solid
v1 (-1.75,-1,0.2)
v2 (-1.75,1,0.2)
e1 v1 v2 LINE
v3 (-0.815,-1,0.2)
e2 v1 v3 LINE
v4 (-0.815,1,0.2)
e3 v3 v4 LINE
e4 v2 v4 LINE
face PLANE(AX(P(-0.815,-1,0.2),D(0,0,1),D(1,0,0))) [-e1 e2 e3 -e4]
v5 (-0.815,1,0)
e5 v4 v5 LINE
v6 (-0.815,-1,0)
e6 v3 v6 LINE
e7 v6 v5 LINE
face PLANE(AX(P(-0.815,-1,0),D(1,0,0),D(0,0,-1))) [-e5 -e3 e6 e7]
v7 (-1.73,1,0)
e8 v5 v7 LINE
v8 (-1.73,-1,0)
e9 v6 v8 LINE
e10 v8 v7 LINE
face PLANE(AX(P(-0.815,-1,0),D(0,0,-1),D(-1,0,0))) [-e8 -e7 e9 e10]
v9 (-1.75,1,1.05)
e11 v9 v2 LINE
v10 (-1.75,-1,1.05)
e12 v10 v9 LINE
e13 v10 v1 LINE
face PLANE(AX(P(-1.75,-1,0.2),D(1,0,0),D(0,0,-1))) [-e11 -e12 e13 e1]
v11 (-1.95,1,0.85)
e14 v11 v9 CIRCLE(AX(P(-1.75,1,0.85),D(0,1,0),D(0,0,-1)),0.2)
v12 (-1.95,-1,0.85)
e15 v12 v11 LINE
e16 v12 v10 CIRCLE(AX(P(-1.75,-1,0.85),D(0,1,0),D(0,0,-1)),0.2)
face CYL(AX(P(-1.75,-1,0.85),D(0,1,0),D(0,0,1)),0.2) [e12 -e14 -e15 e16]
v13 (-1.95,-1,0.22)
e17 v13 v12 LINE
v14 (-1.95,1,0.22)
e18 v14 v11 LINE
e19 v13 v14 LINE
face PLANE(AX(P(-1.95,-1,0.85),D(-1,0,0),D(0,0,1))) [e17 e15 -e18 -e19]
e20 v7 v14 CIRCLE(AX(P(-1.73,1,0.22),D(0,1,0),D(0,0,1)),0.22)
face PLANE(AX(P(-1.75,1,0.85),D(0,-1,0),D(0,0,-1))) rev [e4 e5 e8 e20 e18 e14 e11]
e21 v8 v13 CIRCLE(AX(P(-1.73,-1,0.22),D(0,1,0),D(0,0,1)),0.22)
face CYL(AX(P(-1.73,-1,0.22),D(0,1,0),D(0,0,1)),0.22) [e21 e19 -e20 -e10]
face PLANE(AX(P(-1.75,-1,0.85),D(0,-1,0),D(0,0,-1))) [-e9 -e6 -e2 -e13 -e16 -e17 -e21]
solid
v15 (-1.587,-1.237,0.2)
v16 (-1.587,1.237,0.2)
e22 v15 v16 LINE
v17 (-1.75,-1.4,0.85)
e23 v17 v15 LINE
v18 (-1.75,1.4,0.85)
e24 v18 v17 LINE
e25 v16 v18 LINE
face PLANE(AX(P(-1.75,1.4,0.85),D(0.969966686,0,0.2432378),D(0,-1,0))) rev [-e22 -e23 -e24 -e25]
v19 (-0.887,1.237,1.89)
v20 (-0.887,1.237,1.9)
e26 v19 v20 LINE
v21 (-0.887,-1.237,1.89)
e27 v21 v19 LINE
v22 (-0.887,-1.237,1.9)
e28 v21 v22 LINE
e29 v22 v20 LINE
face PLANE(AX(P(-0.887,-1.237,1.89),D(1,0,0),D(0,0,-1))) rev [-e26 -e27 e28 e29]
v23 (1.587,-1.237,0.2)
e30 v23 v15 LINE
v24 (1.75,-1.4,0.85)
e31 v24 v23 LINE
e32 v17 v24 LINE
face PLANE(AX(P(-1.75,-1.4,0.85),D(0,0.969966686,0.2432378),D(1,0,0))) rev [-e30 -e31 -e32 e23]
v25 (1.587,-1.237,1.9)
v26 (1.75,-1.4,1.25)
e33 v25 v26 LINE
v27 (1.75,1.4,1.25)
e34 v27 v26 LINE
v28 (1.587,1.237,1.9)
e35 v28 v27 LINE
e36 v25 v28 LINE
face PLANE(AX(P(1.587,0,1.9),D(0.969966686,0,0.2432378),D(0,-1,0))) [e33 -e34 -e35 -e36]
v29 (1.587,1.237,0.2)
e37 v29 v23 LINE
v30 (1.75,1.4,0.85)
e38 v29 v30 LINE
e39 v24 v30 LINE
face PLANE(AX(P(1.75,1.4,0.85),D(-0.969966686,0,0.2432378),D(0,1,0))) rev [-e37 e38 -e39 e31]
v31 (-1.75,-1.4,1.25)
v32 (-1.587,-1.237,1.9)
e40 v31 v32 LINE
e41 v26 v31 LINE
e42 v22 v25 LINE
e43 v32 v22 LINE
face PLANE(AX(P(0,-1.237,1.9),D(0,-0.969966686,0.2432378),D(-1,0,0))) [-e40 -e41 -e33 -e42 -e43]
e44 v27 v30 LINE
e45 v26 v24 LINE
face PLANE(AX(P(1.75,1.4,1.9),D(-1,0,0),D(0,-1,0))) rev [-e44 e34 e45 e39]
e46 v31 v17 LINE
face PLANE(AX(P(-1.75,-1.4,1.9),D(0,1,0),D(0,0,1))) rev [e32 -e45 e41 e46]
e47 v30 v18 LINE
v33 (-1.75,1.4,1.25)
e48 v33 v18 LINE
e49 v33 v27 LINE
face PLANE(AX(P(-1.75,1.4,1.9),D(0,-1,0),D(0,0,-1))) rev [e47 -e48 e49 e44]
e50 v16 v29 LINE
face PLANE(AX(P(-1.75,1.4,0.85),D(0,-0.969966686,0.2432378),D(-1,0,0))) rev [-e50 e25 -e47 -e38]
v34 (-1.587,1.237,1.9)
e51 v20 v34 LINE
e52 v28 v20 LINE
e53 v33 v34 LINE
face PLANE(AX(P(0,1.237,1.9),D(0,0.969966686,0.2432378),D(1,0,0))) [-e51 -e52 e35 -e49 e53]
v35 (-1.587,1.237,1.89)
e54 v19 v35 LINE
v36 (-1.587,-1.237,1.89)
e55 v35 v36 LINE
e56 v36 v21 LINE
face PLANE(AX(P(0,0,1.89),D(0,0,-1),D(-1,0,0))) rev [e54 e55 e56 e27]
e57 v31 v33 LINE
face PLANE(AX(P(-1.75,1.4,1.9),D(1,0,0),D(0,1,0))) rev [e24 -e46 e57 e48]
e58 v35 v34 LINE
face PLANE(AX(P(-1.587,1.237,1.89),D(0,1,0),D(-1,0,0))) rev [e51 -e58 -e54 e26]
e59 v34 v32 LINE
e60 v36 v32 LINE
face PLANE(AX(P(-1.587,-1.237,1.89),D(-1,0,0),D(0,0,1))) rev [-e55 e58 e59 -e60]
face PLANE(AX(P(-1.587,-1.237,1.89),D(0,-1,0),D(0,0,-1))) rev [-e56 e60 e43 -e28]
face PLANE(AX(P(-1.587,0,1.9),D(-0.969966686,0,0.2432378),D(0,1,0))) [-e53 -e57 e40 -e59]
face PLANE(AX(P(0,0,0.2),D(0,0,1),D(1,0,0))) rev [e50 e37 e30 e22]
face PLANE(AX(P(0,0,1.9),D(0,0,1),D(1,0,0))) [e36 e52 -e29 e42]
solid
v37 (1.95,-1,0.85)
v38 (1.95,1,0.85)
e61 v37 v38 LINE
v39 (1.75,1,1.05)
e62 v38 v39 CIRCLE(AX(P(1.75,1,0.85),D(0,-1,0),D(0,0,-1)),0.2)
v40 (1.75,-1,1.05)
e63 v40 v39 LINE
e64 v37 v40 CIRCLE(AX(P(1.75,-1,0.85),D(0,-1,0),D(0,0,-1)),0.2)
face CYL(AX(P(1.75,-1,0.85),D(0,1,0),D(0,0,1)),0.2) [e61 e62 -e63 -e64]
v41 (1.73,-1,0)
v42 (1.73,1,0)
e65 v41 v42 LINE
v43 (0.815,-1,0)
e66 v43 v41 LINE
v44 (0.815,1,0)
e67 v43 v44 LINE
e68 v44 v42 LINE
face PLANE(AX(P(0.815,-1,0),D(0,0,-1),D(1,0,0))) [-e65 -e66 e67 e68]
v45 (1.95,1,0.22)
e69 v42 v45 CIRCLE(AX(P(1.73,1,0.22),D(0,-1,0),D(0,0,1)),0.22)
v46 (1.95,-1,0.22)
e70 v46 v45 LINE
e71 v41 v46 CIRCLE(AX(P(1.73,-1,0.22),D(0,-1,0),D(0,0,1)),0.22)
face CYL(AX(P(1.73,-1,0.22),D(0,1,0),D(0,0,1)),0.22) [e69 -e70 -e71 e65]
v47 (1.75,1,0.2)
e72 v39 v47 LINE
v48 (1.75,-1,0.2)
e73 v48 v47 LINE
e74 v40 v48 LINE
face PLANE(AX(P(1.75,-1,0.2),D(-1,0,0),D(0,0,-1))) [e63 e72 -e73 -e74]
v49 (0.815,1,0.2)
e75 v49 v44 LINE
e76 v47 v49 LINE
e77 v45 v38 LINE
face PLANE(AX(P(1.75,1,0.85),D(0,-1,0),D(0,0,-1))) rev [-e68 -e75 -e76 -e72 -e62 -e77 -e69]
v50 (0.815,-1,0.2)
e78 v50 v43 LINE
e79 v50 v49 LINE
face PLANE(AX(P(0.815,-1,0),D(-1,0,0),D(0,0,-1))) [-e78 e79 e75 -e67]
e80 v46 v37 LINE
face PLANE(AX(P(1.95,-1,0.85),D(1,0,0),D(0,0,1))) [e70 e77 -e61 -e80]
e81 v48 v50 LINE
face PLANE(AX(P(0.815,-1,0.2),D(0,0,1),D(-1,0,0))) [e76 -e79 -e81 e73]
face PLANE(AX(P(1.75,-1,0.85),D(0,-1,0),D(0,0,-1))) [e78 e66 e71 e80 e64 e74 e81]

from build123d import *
from OCP.BRepFilletAPI import BRepFilletAPI_MakeChamfer

# Parameters (mm, degrees)
SKETCH_1_W           = 3.5
SKETCH_1_H           = 2.8
EXTRUDE_1_DEPTH      = 1.7
CHAMFER_1_SIZE       = 0.65
CHAMFER_1_SIZE2      = 0.163
CHAMFER_2_SIZE       = 0.163
CHAMFER_2_SIZE2      = 0.65
EXTRUDE_2_DEPTH      = 1
EXTRUDE_2_DEPTH_BACK = 1
SKETCH_3_W           = 0.7
SKETCH_3_H           = 2.474
CUT_EXTRUDE_1_DEPTH  = 0.01


with BuildPart() as part:
    # Эскиз1 → Бобышка-Вытянуть1 (new body)
    with BuildSketch(Plane.XY.offset(0.2)):
        Rectangle(SKETCH_1_W, SKETCH_1_H)
    extrude(amount=EXTRUDE_1_DEPTH)

    # Фаска1: one chamfer whose edges measure the first distance from different faces: ONE call of the kernel's chamfer builder (chamfer() names one face for all edges)
    chamfer_1_edges_1 = [part.edges().sort_by_distance(p)[0] for p in [
        (-1.75, 0, 1.9),
    ]]
    chamfer_1_side_1 = [part.faces().sort_by_distance(p)[0] for p in [
        (-1.75, 0, 1.05),
    ]]
    chamfer_1_edges_2 = [part.edges().sort_by_distance(p)[0] for p in [
        (0, -1.4, 1.9),
    ]]
    chamfer_1_side_2 = [part.faces().sort_by_distance(p)[0] for p in [
        (0, -1.4, 1.05),
    ]]
    chamfer_1_edges_3 = [part.edges().sort_by_distance(p)[0] for p in [
        (1.75, 0, 1.9),
    ]]
    chamfer_1_side_3 = [part.faces().sort_by_distance(p)[0] for p in [
        (1.75, 0, 1.05),
    ]]
    chamfer_1_edges_4 = [part.edges().sort_by_distance(p)[0] for p in [
        (0, 1.4, 1.9),
    ]]
    chamfer_1_side_4 = [part.faces().sort_by_distance(p)[0] for p in [
        (0, 1.4, 1.05),
    ]]
    chamfer_1 = BRepFilletAPI_MakeChamfer(part.part.solid().wrapped)
    for e in chamfer_1_edges_1:
        chamfer_1.Add(CHAMFER_1_SIZE, CHAMFER_1_SIZE2, e.wrapped, chamfer_1_side_1[0].wrapped)  # the first distance lies on this face
    for e in chamfer_1_edges_2:
        chamfer_1.Add(CHAMFER_1_SIZE, CHAMFER_1_SIZE2, e.wrapped, chamfer_1_side_2[0].wrapped)  # the first distance lies on this face
    for e in chamfer_1_edges_3:
        chamfer_1.Add(CHAMFER_1_SIZE, CHAMFER_1_SIZE2, e.wrapped, chamfer_1_side_3[0].wrapped)  # the first distance lies on this face
    for e in chamfer_1_edges_4:
        chamfer_1.Add(CHAMFER_1_SIZE, CHAMFER_1_SIZE2, e.wrapped, chamfer_1_side_4[0].wrapped)  # the first distance lies on this face
    add(Compound.cast(chamfer_1.Shape()), mode=Mode.REPLACE)

    # Фаска2
    chamfer_2_edges = [part.edges().sort_by_distance(p)[0] for p in [
        (0, -1.4, 0.2),
        (-1.75, 0, 0.2),
        (0, 1.4, 0.2),
        (1.75, 0, 0.2),
    ]]
    chamfer_2_side = [part.faces().sort_by_distance(p)[0] for p in [
        (0, 0, 0.2),
    ]]
    chamfer(chamfer_2_edges, length=CHAMFER_2_SIZE, length2=CHAMFER_2_SIZE2, reference=chamfer_2_side[0])

    # Эскиз3 → Вырез-Вытянуть1 (cut)
    with BuildSketch(Plane.XY.offset(1.9)):
        with Locations((-1.237, 0)):
            Rectangle(SKETCH_3_W, SKETCH_3_H)
    extrude(amount=-CUT_EXTRUDE_1_DEPTH, mode=Mode.SUBTRACT)


with BuildPart() as body_2:
    # Эскиз2 → Бобышка-Вытянуть2 (new, two sides: drawn at the far end of the back side and taken through both)
    with BuildSketch(Plane(origin=(0, 0, 0), x_dir=(1, 0, 0), z_dir=(0, 1, 0)).offset(-EXTRUDE_2_DEPTH_BACK)):
        with BuildLine():
            Line((-1.75, -0.2), (-1.75, -0.85))
            Line((-1.75, -0.85), (-1.75, -1.05))
            ThreePointArc((-1.75, -1.05), (-1.891421356, -0.991421356), (-1.95, -0.85))
            Line((-1.95, -0.85), (-1.95, -0.22))
            ThreePointArc((-1.95, -0.22), (-1.885563492, -0.064436508), (-1.73, 0))
            Line((-1.73, 0), (-0.815, 0))
            Line((-0.815, 0), (-0.815, -0.2))
            Line((-0.815, -0.2), (-1.75, -0.2))
        make_face()
    extrude(amount=EXTRUDE_2_DEPTH + EXTRUDE_2_DEPTH_BACK)


with BuildPart() as body_3:
    # Зеркальное отражение1: mirrored copy
    add(body_2.part.mirror(Plane(origin=(0, 0, 0), x_dir=(0, 0, 1), z_dir=(1, 0, 0))))


solid = Compound([part.part, body_2.part, body_3.part])
